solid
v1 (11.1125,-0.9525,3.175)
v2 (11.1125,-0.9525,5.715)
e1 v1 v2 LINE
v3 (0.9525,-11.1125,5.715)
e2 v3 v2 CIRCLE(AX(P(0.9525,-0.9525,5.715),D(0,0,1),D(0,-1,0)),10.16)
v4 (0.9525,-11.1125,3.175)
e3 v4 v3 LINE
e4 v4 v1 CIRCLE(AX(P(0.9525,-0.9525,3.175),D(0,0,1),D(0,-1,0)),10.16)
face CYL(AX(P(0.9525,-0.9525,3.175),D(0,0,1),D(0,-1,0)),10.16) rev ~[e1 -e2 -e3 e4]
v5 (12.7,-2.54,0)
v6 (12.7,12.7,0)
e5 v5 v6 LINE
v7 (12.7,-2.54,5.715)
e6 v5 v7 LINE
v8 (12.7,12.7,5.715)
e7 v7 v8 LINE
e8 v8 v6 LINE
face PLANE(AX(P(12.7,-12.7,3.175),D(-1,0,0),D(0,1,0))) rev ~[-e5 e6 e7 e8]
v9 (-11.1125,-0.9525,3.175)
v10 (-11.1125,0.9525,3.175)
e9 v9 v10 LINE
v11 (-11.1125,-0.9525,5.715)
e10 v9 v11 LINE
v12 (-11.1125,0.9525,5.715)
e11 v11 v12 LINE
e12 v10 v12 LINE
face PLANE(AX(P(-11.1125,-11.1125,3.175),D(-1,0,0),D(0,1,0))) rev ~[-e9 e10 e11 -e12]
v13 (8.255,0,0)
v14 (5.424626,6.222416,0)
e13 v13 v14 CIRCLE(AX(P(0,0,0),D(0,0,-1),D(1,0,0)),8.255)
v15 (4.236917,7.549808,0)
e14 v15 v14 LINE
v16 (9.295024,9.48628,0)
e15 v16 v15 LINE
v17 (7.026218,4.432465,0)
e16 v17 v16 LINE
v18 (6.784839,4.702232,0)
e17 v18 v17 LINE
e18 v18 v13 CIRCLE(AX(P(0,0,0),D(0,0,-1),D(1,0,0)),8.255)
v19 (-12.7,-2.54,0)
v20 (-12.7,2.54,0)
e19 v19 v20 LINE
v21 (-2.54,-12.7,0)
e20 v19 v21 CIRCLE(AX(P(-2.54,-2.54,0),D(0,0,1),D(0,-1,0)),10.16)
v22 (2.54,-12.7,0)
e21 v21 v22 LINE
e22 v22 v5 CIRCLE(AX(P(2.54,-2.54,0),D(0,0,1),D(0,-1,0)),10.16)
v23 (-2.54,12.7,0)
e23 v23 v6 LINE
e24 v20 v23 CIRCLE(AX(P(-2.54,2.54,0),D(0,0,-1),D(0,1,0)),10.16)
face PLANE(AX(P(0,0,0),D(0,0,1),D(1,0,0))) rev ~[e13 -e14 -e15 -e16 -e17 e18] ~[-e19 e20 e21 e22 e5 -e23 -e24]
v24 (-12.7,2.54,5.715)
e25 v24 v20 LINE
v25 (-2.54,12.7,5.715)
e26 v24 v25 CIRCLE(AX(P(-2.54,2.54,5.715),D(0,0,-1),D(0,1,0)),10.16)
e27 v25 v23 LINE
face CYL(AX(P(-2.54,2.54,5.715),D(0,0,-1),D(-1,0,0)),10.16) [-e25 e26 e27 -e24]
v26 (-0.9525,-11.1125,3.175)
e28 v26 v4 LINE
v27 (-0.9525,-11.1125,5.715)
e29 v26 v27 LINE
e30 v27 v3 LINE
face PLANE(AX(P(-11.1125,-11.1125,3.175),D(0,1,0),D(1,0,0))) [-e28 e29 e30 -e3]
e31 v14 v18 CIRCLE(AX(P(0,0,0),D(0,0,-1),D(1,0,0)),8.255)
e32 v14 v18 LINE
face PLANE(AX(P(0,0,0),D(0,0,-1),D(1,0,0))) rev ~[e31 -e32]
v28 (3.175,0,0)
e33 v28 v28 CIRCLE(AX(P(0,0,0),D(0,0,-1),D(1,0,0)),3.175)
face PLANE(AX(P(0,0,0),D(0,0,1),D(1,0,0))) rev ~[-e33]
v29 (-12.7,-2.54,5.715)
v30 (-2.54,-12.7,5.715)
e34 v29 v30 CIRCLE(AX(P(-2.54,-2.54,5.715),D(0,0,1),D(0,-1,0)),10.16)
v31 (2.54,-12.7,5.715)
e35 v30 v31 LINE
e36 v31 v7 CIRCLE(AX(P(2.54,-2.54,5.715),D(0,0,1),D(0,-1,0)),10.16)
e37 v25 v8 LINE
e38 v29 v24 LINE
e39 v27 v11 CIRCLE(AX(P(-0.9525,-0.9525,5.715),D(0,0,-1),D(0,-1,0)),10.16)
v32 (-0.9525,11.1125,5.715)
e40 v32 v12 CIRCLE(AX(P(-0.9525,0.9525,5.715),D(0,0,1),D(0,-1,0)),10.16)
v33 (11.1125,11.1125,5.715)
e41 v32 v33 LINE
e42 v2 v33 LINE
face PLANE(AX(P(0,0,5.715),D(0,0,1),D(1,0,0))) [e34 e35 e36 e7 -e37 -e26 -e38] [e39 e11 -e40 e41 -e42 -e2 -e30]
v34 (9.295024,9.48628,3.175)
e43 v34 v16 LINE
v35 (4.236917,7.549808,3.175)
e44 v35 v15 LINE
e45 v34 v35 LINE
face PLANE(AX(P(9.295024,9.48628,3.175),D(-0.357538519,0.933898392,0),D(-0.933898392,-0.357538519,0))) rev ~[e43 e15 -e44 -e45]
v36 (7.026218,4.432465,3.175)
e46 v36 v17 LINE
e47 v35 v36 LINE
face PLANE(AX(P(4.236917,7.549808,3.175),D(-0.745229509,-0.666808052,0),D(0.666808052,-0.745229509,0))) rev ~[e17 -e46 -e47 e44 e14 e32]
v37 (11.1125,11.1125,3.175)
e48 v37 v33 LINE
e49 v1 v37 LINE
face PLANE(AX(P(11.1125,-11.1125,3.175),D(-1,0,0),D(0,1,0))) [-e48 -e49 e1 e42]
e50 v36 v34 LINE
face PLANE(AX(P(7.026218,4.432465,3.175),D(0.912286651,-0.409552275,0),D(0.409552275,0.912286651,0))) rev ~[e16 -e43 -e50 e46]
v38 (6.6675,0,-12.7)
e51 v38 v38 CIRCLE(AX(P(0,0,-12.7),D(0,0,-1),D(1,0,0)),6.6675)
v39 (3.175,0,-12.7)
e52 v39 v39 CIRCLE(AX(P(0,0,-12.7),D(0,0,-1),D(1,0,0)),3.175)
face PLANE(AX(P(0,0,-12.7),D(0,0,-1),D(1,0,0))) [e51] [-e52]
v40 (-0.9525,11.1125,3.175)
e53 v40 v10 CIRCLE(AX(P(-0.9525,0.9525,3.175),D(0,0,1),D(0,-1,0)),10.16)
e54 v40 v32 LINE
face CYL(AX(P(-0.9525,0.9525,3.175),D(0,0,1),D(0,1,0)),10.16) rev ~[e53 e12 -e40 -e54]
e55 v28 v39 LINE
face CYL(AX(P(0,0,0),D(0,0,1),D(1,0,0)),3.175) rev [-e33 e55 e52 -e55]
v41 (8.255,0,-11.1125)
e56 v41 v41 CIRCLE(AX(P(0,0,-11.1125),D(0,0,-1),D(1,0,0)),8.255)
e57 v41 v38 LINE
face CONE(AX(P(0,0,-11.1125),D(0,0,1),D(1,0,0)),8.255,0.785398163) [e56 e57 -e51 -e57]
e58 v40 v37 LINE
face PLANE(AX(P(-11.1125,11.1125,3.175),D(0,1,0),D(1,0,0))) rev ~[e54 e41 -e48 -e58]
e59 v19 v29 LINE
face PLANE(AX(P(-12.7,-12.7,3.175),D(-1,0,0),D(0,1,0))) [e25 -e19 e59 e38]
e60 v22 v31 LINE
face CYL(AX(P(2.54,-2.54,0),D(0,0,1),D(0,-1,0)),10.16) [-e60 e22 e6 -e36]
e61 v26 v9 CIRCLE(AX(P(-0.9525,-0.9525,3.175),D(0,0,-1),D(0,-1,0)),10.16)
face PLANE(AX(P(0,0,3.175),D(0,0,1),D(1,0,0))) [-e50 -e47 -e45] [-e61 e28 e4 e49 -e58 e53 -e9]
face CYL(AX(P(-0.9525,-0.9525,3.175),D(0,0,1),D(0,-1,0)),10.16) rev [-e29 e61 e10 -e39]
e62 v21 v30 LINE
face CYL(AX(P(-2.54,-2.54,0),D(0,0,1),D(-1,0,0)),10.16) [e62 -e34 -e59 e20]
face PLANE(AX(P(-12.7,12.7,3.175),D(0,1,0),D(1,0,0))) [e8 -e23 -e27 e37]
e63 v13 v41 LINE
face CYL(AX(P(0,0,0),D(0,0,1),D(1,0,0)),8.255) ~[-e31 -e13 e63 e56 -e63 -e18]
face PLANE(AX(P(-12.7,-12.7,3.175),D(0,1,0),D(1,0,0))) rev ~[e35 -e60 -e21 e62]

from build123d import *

# Parameters (mm, degrees)
F0_W     = 25.4
F0_H     = 25.4
F1_DEPTH = 3.175
F2_W     = 25.4
F2_H     = 25.4
F2_W_2   = 22.225
F2_H_2   = 22.225
F3_DEPTH = 2.54
F5_DEPTH = 25.4
F6_R     = 8.255
F6_R_2   = 3.175
F7_DEPTH = 12.7
F8_R     = 10.16
F9_SIZE  = 1.5875


with BuildPart() as f1:
    # F0 (on Top) → F1 (new body)
    with BuildSketch(Plane.XY):
        Rectangle(F0_W, F0_H)
    extrude(amount=F1_DEPTH)

    # F2 (on face) → F3 (join)
    with BuildSketch(Plane.XY.offset(3.175)):
        Rectangle(F2_W, F2_H)
        Rectangle(F2_W_2, F2_H_2, mode=Mode.SUBTRACT)
    extrude(amount=F3_DEPTH)

    # F4 (on face) → F5 (cut)
    with BuildSketch(Plane.XY.offset(3.175)):
        Polygon((7.026218, 4.432465), (9.295024, 9.48628), (4.236917, 7.549808), align=None)
    extrude(amount=-F5_DEPTH, mode=Mode.SUBTRACT)

    # F6 (on face) → F7 (join)
    with BuildSketch(Plane(origin=(0, 0, 0), x_dir=(1, 0, 0), z_dir=(0, 0, -1))):
        Circle(F6_R)
        Circle(F6_R_2, mode=Mode.SUBTRACT)
    extrude(amount=F7_DEPTH)

    # F8
    f8_edges = [f1.edges().sort_by_distance(p)[0] for p in [
        (12.7, -12.7, 2.8575),
        (-12.7, -12.7, 2.8575),
        (-11.1125, -11.1125, 4.445),
        (11.1125, -11.1125, 4.445),
        (-11.1125, 11.1125, 4.445),
        (-12.7, 12.7, 2.8575),
    ]]
    fillet(f8_edges, radius=F8_R)

    # F9
    f9_edges = [f1.edges().sort_by_distance(p)[0] for p in [
        (-8.255, 0, -12.7),
    ]]
    chamfer(f9_edges, length=F9_SIZE)


solid = f1.part
